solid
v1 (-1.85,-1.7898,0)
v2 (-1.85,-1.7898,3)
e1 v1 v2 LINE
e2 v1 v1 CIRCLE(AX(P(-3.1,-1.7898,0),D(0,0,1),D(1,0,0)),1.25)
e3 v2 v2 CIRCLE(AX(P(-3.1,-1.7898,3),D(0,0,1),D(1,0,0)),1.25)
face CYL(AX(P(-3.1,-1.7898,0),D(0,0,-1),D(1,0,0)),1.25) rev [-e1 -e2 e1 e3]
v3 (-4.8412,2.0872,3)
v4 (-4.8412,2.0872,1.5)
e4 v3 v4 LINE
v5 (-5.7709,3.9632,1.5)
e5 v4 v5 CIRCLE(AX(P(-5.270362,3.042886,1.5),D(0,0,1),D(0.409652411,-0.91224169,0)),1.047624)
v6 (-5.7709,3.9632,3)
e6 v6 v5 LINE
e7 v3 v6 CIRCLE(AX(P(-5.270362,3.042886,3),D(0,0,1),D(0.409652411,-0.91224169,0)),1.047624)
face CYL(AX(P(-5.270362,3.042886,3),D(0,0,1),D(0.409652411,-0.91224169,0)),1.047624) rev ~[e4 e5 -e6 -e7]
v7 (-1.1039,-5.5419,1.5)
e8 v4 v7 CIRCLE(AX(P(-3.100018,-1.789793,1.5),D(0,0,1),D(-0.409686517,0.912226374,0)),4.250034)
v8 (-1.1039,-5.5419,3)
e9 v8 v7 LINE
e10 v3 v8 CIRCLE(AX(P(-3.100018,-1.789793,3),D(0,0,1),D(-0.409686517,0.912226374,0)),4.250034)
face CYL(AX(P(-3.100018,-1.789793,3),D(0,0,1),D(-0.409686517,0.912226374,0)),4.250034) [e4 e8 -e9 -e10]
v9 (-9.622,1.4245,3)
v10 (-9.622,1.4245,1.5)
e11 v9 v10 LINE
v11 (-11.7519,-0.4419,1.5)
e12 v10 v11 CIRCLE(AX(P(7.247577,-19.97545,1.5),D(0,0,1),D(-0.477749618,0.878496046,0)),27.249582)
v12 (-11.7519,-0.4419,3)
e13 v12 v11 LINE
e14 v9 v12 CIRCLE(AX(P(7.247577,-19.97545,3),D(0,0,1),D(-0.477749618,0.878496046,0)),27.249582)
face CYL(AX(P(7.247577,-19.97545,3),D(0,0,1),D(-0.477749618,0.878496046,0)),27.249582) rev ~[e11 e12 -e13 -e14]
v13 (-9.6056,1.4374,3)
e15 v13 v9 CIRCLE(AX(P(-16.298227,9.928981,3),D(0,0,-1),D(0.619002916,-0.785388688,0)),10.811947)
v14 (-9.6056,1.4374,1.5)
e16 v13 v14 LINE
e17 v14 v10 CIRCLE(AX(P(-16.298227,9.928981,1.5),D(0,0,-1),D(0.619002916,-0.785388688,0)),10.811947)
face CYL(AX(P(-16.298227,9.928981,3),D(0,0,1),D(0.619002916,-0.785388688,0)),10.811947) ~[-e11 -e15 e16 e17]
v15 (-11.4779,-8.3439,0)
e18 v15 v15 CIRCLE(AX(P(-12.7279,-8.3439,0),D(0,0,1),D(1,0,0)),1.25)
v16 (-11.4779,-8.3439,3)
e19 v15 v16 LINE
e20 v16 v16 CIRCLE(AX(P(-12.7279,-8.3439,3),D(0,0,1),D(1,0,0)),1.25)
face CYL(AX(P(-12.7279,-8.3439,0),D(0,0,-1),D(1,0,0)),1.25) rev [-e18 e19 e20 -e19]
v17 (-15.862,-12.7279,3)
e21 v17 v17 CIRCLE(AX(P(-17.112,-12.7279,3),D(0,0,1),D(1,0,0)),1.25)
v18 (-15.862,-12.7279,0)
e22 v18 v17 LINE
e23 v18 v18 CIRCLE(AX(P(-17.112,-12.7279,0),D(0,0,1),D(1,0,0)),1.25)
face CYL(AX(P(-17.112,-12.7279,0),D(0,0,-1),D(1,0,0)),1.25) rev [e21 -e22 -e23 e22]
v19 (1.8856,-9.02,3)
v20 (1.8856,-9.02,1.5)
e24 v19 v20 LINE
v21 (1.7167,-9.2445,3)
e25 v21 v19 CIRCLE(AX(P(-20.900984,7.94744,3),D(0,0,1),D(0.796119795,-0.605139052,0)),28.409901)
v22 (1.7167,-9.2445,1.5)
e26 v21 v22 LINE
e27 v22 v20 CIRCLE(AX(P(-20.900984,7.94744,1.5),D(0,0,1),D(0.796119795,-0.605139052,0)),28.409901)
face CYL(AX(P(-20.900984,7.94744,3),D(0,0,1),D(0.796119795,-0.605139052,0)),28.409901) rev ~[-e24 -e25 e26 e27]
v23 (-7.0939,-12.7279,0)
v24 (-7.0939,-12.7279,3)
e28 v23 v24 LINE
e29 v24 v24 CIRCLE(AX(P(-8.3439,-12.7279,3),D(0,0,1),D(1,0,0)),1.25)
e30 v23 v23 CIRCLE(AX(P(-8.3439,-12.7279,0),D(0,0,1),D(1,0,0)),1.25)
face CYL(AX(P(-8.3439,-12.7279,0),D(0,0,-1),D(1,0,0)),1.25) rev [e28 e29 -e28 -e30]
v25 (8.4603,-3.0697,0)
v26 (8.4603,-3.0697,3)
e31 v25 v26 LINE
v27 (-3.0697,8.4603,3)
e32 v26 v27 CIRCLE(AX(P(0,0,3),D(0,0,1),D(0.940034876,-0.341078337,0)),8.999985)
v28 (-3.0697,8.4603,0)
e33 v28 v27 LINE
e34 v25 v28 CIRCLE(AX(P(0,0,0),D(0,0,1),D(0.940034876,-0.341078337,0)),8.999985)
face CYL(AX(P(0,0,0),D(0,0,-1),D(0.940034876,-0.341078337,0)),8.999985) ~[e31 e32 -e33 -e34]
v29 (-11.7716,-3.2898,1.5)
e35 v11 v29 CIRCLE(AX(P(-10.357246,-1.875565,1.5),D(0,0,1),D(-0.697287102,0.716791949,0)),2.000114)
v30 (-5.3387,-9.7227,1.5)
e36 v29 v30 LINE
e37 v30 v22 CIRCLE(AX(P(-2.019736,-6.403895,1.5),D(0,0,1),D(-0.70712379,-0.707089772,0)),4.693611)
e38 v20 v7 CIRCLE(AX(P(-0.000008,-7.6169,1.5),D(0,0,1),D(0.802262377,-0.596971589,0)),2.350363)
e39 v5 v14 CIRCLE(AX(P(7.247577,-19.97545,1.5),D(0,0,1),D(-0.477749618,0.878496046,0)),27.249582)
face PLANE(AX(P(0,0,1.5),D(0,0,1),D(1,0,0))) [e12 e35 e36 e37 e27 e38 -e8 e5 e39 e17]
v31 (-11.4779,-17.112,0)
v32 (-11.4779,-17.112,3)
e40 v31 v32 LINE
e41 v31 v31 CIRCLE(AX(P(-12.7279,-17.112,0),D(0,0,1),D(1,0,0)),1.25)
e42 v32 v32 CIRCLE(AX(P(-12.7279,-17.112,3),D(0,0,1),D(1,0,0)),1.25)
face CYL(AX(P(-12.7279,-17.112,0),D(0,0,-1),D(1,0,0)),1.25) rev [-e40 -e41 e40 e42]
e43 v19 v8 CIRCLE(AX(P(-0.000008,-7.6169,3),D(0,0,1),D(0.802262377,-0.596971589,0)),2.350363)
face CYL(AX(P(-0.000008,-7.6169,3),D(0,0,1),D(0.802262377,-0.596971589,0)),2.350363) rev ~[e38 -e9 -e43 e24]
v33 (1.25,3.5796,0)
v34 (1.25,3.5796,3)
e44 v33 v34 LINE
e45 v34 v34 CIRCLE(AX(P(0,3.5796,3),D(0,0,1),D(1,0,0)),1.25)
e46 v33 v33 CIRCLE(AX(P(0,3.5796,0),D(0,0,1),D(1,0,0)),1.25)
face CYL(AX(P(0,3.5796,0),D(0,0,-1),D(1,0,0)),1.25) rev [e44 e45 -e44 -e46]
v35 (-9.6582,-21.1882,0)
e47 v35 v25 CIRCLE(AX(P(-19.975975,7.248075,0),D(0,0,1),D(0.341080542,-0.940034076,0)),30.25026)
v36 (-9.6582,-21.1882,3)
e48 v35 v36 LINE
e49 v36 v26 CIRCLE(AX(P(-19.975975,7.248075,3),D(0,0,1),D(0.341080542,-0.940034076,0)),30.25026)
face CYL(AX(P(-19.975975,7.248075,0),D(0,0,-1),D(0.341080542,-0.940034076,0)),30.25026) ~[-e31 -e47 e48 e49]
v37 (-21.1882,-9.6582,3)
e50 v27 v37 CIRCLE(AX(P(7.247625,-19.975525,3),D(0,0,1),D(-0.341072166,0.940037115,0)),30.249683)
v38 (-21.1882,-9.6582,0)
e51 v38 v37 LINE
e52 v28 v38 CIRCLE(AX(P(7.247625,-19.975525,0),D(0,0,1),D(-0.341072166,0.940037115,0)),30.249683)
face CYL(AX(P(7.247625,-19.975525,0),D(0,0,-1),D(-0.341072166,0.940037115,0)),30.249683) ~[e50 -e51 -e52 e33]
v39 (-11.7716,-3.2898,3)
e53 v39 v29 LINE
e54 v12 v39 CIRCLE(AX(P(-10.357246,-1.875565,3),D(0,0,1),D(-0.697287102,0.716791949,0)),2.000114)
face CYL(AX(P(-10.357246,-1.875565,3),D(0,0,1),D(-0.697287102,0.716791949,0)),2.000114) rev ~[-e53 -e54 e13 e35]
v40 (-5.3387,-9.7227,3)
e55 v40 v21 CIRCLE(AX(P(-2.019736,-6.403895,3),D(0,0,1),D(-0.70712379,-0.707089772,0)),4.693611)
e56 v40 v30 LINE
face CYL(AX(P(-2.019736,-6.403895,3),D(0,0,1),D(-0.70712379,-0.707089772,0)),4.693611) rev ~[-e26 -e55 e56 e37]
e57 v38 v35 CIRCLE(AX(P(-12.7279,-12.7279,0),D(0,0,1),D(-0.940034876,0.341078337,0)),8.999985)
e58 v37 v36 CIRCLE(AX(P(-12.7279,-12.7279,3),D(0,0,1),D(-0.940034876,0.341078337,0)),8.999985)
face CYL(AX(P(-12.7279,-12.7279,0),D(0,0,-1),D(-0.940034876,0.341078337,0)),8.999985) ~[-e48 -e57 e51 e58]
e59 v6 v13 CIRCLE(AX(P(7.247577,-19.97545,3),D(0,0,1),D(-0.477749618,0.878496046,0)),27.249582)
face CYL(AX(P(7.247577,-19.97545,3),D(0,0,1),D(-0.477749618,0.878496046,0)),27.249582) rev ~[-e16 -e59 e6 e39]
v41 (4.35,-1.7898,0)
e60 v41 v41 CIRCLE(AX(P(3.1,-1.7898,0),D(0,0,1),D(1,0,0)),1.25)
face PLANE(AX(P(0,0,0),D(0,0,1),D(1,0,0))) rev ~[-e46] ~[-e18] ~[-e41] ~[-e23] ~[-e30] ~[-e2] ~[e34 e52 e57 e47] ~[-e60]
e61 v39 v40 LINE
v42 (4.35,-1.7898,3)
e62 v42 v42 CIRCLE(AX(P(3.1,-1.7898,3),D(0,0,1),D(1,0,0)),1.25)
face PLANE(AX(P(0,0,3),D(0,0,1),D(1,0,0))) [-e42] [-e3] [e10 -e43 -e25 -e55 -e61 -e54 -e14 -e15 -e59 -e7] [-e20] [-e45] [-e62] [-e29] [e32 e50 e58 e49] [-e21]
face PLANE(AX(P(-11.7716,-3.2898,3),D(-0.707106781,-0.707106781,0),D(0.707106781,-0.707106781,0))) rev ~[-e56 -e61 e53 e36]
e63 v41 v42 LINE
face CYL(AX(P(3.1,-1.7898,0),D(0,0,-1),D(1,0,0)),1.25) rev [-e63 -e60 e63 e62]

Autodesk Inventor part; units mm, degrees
ref_plane "YZ Plane" through (0, 0, 0) normal (1, 0, 0) x (0, 1, 0)
ref_plane "XZ Plane" through (0, 0, 0) normal (0, 1, 0) x (-1, 0, 0)
ref_plane "XY Plane" through (0, 0, 0) normal (0, 0, 1) x (1, 0, 0)
sketch "Sketch2" plane through (0, 0, 0) normal (0, 0, 1) x (1, 0, 0)
  line L0 (-12.7279, -12.7279) -> (0, 0) construction
  line L1 (-12.7279, -12.7279) -> (-7.4558, -12.7279) construction
  line L2 (-12.7279, -12.7279) -> (0, 0) construction
  line L3 (-17.252, -29.9799) -> (-9.2664, -21.9943) construction
  line L4 (-2.9446, 9.7833) -> (-10.9302, 1.7977) construction
  arc A0 (-21.1882, -9.6582) -> (-9.6582, -21.1882) centre (-12.7279, -12.7279) ccw
  arc A1 (8.4603, -3.0697) -> (-3.0697, 8.4603) centre (0, 0) ccw
  circle A2 centre (-8.3439, -12.7279) radius 1.25
  circle A3 centre (-8.3439, -12.7279) radius 3.1 construction
  circle A4 centre (-12.7279, -8.3439) radius 1.25
  circle A5 centre (-12.7279, -8.3439) radius 3.1 construction
  circle A6 centre (-17.112, -12.7279) radius 1.25
  circle A7 centre (-17.112, -12.7279) radius 3.1 construction
  circle A8 centre (-12.7279, -17.112) radius 1.25
  circle A9 centre (-12.7279, -17.112) radius 3.1 construction
  circle A10 centre (-3.1, -1.7898) radius 1.25
  circle A11 centre (-3.1, -1.7898) radius 3.1 construction
  circle A12 centre (3.1, -1.7898) radius 3.1 construction
  circle A13 centre (3.1, -1.7898) radius 1.25
  circle A14 centre (0, 3.5796) radius 3.1 construction
  circle A15 centre (0, 3.5796) radius 1.25
  arc A16 (-9.6582, -21.1882) -> (8.4603, -3.0697) centre (-19.9758, 7.2478) ccw
  line L5 (1.4142, -14.1421) -> (-6.364, -6.364) construction
  arc A17 (-3.0697, 8.4603) -> (-21.1882, -9.6582) centre (7.2478, -19.9758) ccw
  point P0 (-6.364, -6.364)
  dimension "d34" = 18
  dimension "d35" = 9
  dimension "d36" = 2.5
  dimension "d37" = 6.2
  dimension "d38" = 360
  dimension "d39" = 2.5
  dimension "d40" = 6.2
  dimension "d41" = 360
  dimension "d42" = 11
  dimension "d43" = 45
extrude "Extrusion2" add sketch "Sketch2" along normal blind 3
sketch "Sketch3" plane through (0, 0, 3) normal (0, 0, 1) x (1, 0, 0)
  circle A0 centre (-12.7279, -8.3439) radius 1.25 projected
  circle A1 centre (-8.3439, -12.7279) radius 1.25 projected
  arc A2 (-3.0697, 8.4603) -> (-21.1882, -9.6582) centre (7.2478, -19.9758) ccw projected
  arc A3 (-9.6582, -21.1882) -> (8.4603, -3.0697) centre (-19.9758, 7.2478) ccw projected
  circle A4 centre (-3.1, -1.7898) radius 1.25 projected
  circle A5 centre (3.1, -1.7898) radius 1.25 projected
  circle A6 centre (0, 3.5796) radius 1.25 projected
  arc A7 (-9.6056, 1.4374) -> (-9.622, 1.4245) centre (7.2478, -19.9758) ccw
  circle A8 centre (-12.7279, -8.3439) radius 1.25 projected
  line L0 (-11.844, -7.46) -> (-7.46, -11.844) construction
  arc A9 (1.7167, -9.2445) -> (1.8856, -9.02) centre (-19.9758, 7.2478) ccw
  line L1 (-11.7716, -3.2898) -> (-5.3387, -9.7227)
  line L2 (-5.8854, -0.7722) -> (-0.4613, -6.1962) construction
  arc A10 (1.8856, -9.02) -> (-1.1039, -5.5419) centre (0, -7.6169) ccw
  arc A11 (-5.3387, -9.7227) -> (1.7167, -9.2445) centre (-2.0197, -6.4038) ccw
  circle A12 centre (-8.3439, -12.7279) radius 4.25 construction
  circle A13 centre (-3.1, -1.7898) radius 4.25 construction
  circle A14 centre (3.1, -1.7898) radius 4.25 construction
  circle A15 centre (-12.7279, -8.3439) radius 4.25 construction
  arc A16 (-11.7519, -0.4419) -> (-11.7716, -3.2898) centre (-10.3574, -1.8755) ccw
  arc A17 (-7.1444, 3.1635) -> (-14.769, -3.9189) centre (7.2478, -19.9758) ccw construction
  arc A18 (-4.8412, 2.0872) -> (-1.1039, -5.5419) centre (-3.1, -1.7898) ccw
  arc A19 (-5.7709, 3.9632) -> (-11.7519, -0.4419) centre (7.2478, -19.9758) ccw
  arc A20 (-4.8412, 2.0872) -> (-5.7709, 3.9632) centre (-5.2704, 3.0429) ccw
  circle A21 centre (0, 3.5796) radius 4.25 construction
  point P0 (0, 0)
  point P1 (-1.1039, -5.5419)
  dimension "d46" = 3
  dimension "d49" = 3
  dimension "d52" = 3
  dimension "d53" = 3
  dimension "d54" = 3
  dimension "d55" = 3
  dimension "d56" = 3
  dimension "d59" = 3
  dimension "d60" = 2
extrude "Extrusion3" cut sketch "Sketch3" against normal blind 1.5 contours A19 A20 A18 A10 A9 A11 L1 A16 A7
sketch "sesaku" plane through (0, 0, 3) normal (0, 0, 1) x (1, 0, 0)
  arc A0 (-5.3387, -9.7227) -> (1.7167, -9.2445) centre (-2.0197, -6.4038) ccw projected
  line L0 (-5.3387, -9.7227) -> (-11.7716, -3.2898) projected
  arc A1 (-11.7519, -0.4419) -> (-11.7716, -3.2898) centre (-10.3574, -1.8755) ccw projected
  arc A2 (1.8856, -9.02) -> (-1.1039, -5.5419) centre (0, -7.6169) ccw projected
  arc A3 (1.7167, -9.2445) -> (1.8856, -9.02) centre (-19.9758, 7.2478) ccw projected
  arc A4 (-9.6582, -21.1882) -> (8.4603, -3.0697) centre (-19.9758, 7.2478) ccw projected
  arc A5 (8.4603, -3.0697) -> (-3.0697, 8.4603) centre (0, 0) ccw projected
  arc A6 (-3.0697, 8.4603) -> (-21.1882, -9.6582) centre (7.2478, -19.9758) ccw projected
  arc A7 (-21.1882, -9.6582) -> (-9.6582, -21.1882) centre (-12.7279, -12.7279) ccw projected
  circle A8 centre (0, 3.5796) radius 1.25 projected
  circle A9 centre (3.1, -1.7898) radius 1.25 projected
  circle A10 centre (-3.1, -1.7898) radius 1.25 projected
  circle A11 centre (-12.7279, -17.112) radius 1.25 projected
  circle A12 centre (-17.112, -12.7279) radius 1.25 projected
  circle A13 centre (-12.7279, -8.3439) radius 1.25 projected
  circle A14 centre (-8.3439, -12.7279) radius 1.25 projected
  arc A15 (-5.7709, 3.9632) -> (-11.7519, -0.4419) centre (7.2478, -19.9758) ccw projected
  arc A16 (-4.8412, 2.0872) -> (-5.7709, 3.9632) centre (-5.2704, 3.0429) ccw projected
  arc A17 (-4.8412, 2.0872) -> (-1.1039, -5.5419) centre (-3.1, -1.7898) ccw projected
properties part number "駆動節" material "Aluminum 2014-T6"
